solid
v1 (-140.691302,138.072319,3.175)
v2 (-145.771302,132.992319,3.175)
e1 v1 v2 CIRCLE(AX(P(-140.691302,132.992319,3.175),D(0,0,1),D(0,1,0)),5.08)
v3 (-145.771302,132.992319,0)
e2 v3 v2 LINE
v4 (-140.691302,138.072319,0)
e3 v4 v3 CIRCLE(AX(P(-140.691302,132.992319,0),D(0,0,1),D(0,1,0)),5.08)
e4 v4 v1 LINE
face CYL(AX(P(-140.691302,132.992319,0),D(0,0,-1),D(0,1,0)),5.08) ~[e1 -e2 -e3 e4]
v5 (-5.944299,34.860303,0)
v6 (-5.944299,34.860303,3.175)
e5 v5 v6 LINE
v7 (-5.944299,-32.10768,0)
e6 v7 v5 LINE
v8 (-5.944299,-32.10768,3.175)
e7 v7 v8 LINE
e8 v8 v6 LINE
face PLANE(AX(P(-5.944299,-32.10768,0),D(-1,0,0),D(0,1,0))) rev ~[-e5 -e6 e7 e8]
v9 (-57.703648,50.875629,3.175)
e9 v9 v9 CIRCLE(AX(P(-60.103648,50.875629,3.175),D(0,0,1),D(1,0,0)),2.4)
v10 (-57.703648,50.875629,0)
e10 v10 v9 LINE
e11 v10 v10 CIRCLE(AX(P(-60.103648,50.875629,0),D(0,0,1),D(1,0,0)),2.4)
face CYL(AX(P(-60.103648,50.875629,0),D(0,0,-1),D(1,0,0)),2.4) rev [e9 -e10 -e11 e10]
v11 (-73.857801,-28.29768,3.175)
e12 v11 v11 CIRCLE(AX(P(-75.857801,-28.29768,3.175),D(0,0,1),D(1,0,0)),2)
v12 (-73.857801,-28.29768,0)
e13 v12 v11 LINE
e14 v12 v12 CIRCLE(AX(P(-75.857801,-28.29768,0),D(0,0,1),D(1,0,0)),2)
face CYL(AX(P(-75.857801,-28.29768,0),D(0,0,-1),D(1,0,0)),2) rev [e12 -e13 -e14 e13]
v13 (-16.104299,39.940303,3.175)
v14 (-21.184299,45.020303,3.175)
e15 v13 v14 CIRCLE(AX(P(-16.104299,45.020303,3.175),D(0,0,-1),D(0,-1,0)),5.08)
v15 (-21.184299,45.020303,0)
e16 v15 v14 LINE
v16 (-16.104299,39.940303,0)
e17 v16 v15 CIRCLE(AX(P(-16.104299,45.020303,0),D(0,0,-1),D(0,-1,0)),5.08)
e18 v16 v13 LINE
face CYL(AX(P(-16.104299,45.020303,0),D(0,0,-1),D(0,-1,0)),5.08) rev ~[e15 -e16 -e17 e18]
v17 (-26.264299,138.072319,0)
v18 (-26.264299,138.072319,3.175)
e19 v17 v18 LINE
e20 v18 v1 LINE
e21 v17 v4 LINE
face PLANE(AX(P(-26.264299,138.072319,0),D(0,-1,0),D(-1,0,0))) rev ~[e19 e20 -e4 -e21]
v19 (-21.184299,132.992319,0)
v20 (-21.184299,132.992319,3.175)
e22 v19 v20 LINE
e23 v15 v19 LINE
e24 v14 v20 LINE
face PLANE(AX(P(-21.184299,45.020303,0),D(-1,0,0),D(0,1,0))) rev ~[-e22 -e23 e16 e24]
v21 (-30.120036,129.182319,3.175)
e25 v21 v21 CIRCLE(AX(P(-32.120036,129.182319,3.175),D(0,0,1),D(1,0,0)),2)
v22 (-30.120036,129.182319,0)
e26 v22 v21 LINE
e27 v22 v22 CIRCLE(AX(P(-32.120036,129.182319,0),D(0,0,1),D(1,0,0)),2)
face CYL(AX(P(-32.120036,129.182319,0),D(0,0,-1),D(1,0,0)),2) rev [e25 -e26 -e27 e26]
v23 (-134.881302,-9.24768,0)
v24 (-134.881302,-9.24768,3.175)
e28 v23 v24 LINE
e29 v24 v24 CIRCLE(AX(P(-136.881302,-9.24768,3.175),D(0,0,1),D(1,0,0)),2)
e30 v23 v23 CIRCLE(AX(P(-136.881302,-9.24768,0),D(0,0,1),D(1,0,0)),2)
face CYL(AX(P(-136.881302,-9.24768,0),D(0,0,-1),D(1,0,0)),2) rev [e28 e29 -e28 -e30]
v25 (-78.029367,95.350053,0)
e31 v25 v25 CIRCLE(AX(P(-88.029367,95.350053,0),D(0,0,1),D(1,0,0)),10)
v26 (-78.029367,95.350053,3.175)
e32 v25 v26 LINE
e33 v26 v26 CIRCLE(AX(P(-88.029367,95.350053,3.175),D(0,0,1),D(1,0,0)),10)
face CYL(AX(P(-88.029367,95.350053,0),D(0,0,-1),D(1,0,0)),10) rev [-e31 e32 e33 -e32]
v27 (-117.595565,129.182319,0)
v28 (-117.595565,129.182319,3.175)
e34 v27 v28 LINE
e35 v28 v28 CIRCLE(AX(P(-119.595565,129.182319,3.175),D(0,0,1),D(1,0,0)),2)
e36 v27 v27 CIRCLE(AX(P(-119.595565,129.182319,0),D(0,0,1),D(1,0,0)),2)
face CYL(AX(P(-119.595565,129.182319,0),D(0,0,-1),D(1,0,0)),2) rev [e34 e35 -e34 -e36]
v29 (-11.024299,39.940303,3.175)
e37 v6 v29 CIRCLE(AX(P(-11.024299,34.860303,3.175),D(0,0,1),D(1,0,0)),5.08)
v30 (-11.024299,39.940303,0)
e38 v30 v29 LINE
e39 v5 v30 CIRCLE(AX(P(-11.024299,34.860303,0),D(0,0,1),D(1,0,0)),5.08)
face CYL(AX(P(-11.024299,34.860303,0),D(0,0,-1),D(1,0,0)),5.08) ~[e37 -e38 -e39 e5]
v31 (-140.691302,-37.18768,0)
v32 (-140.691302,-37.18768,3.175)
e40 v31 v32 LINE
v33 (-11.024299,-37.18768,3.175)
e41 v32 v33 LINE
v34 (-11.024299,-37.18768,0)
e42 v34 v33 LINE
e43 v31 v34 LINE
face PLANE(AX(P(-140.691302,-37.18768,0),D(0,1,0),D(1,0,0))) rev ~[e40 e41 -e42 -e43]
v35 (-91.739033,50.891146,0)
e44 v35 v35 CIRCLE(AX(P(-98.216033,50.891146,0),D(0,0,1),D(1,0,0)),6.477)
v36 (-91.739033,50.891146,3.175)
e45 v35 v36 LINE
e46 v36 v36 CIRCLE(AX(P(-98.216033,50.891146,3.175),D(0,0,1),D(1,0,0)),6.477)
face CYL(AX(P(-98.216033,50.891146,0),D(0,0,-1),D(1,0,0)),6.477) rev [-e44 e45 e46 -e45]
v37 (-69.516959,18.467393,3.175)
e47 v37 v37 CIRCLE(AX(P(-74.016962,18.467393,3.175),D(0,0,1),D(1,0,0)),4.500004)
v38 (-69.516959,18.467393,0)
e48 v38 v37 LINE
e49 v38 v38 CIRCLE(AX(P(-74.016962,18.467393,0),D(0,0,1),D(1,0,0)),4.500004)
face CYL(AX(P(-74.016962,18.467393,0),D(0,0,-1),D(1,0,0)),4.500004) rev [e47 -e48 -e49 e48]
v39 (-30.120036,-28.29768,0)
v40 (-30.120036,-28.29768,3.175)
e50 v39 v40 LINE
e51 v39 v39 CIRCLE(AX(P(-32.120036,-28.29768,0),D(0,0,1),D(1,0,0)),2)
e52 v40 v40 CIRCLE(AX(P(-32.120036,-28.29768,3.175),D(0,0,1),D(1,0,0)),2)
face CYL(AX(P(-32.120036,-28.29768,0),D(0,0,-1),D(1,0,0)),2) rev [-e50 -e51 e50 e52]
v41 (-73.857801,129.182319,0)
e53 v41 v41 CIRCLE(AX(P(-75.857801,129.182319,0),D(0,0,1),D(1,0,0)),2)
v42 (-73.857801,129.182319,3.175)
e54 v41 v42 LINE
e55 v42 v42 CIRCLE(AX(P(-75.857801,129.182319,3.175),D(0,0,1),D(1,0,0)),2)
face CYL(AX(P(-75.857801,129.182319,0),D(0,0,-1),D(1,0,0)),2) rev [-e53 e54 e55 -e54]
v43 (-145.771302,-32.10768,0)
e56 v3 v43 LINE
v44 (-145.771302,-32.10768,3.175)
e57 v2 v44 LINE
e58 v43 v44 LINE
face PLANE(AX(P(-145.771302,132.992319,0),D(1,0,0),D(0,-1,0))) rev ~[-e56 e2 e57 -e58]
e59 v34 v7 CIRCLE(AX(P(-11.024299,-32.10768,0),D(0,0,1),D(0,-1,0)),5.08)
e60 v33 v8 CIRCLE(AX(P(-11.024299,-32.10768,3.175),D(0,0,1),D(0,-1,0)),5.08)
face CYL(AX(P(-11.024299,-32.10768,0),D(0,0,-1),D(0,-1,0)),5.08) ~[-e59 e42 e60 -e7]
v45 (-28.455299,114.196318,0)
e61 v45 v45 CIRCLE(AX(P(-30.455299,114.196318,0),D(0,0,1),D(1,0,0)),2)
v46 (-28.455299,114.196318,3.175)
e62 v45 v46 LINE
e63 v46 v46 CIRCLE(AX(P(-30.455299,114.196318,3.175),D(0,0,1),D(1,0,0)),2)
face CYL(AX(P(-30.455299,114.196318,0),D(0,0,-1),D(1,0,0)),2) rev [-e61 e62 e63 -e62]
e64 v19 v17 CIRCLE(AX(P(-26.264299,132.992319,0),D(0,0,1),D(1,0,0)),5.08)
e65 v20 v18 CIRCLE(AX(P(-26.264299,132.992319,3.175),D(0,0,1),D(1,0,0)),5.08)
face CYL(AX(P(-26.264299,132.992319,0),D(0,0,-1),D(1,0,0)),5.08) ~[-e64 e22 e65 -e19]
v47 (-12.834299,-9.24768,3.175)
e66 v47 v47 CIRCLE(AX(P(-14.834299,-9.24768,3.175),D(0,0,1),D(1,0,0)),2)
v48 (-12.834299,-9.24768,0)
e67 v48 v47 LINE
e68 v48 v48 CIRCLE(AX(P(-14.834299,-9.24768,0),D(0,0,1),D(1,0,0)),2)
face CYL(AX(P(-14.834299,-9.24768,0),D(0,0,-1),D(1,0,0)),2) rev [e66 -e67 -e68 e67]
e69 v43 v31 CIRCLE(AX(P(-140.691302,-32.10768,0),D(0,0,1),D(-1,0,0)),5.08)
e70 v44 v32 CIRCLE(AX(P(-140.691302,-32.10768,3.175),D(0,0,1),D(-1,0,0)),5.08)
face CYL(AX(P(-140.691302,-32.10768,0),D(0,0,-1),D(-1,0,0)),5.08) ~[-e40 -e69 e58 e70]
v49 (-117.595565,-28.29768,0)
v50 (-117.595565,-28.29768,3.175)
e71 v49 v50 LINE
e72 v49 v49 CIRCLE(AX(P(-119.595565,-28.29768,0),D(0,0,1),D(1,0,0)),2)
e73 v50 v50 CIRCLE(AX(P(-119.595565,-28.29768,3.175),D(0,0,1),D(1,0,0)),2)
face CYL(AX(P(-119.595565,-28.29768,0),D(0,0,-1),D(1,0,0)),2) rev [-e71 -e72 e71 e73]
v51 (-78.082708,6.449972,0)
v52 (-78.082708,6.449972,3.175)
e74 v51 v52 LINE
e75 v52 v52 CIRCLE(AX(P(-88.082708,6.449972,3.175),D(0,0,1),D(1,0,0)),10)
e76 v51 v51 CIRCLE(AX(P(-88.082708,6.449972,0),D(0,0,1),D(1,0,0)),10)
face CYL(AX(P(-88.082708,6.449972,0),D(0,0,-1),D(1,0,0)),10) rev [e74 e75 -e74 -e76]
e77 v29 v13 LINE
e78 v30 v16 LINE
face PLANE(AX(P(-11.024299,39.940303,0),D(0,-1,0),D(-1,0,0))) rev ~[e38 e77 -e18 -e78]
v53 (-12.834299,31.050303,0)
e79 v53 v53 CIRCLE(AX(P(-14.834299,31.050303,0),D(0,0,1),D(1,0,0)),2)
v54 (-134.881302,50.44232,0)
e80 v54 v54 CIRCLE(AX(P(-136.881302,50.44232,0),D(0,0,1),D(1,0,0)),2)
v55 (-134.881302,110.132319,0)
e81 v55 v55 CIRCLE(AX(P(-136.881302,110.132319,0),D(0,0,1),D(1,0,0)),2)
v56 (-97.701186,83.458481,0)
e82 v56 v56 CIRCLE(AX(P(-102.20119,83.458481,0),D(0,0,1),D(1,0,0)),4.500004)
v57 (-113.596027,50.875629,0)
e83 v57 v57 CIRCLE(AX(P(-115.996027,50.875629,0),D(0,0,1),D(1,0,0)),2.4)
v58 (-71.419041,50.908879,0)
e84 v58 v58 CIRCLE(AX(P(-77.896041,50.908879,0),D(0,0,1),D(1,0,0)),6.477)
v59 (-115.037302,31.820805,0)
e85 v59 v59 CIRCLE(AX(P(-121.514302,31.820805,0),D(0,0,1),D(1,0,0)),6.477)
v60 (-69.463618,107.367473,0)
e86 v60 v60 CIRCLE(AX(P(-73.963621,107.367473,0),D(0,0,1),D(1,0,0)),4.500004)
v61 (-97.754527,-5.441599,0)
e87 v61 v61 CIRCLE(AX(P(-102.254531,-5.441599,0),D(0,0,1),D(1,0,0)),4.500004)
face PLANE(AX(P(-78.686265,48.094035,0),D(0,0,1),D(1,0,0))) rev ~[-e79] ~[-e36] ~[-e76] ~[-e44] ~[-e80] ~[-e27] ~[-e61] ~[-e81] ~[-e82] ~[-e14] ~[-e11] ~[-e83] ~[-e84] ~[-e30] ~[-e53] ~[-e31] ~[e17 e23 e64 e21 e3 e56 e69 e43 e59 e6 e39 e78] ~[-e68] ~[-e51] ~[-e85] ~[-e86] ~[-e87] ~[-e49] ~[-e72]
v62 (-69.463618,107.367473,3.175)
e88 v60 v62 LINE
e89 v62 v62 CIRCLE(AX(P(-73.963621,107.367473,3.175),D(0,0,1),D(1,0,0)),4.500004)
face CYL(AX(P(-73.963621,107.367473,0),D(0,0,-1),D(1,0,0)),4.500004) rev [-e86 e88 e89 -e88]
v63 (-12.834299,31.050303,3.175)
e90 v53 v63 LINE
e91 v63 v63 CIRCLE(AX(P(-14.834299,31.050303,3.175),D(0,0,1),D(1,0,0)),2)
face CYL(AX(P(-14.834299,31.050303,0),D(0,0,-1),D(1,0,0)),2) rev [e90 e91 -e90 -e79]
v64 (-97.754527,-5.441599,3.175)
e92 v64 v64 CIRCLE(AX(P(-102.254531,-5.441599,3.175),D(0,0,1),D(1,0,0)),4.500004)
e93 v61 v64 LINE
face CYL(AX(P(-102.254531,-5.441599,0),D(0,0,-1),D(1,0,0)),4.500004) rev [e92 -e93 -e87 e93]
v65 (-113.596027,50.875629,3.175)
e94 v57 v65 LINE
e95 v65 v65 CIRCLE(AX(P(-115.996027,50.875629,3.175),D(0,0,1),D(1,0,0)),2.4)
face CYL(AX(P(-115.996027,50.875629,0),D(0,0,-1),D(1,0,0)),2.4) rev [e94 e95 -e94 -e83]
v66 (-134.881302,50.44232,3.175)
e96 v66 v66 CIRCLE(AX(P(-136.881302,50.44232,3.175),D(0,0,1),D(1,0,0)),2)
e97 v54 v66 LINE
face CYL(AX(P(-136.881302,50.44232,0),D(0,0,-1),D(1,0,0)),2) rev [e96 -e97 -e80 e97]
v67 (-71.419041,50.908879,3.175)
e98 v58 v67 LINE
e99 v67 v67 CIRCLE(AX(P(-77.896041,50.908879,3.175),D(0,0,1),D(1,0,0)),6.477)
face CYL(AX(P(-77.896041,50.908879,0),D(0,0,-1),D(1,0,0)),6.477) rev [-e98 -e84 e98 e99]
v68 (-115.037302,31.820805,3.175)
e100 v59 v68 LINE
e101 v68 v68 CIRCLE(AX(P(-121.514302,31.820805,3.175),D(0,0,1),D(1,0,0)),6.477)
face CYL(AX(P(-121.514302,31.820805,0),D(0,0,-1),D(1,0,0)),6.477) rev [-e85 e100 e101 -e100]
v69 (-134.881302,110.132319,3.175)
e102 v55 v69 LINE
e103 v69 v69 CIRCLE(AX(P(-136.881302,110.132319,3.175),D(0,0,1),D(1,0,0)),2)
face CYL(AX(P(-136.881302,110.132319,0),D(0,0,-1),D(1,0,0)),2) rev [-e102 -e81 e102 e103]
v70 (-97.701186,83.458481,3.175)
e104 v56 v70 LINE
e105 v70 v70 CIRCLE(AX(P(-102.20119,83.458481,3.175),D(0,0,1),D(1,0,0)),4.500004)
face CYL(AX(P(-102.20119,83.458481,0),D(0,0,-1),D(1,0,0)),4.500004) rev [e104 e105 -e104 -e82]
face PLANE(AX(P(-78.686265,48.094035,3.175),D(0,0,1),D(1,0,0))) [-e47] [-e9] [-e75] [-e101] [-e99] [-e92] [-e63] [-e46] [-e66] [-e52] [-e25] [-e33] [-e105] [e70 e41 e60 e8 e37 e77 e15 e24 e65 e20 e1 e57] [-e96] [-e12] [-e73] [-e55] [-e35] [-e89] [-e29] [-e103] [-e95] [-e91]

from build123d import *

# Parameters (mm, degrees)
SKETCH1_R           = 6.477
SKETCH1_R_2         = 2.4
SKETCH1_R_3         = 10
SKETCH1_R_4         = 4.5000037
SKETCH1_R_5         = 2
BOSS_EXTRUDE1_DEPTH = 3.175


with BuildPart() as part:
    # Sketch1 → Boss-Extrude1 (new body)
    with BuildSketch(Plane.XY):
        with BuildLine():
            Line((-11.024299403, 39.940302972), (-16.104299403, 39.940302972))
            ThreePointArc((-16.104299403, 39.940302972), (-19.696401851, 41.428200524), (-21.184299403, 45.020302972))
            Line((-21.184299403, 45.020302972), (-21.184299403, 132.992318995))
            ThreePointArc((-21.184299403, 132.992318995), (-22.672196955, 136.584421443), (-26.264299403, 138.072318995))
            Line((-26.264299403, 138.072318995), (-140.691302272, 138.072318995))
            ThreePointArc((-140.691302272, 138.072318995), (-144.28340472, 136.584421443), (-145.771302272, 132.992318995))
            Line((-145.771302272, 132.992318995), (-145.771302272, -32.107679937))
            ThreePointArc((-145.771302272, -32.107679937), (-144.28340472, -35.699782385), (-140.691302272, -37.187679937))
            Line((-140.691302272, -37.187679937), (-11.024299403, -37.187679937))
            ThreePointArc((-11.024299403, -37.187679937), (-7.432196955, -35.699782385), (-5.944299403, -32.107679937))
            Line((-5.944299403, -32.107679937), (-5.944299403, 34.860302972))
            ThreePointArc((-5.944299403, 34.860302972), (-7.432196955, 38.452405421), (-11.024299403, 39.940302972))
        make_face()
        with Locations((-98.216033467, 50.891145684)):
            Circle(SKETCH1_R, mode=Mode.SUBTRACT)
        with Locations((-77.896041206, 50.908879471)):
            Circle(SKETCH1_R, mode=Mode.SUBTRACT)
        with Locations((-60.103647977, 50.875628534)):
            Circle(SKETCH1_R_2, mode=Mode.SUBTRACT)
        with Locations((-115.996026696, 50.875628621)):
            Circle(SKETCH1_R_2, mode=Mode.SUBTRACT)
        with Locations((-121.514302272, 31.820805424)):
            Circle(SKETCH1_R, mode=Mode.SUBTRACT)
        with Locations((-88.029366762, 95.350052781)):
            Circle(SKETCH1_R_3, mode=Mode.SUBTRACT)
        with Locations((-102.201189802, 83.458481295)):
            Circle(SKETCH1_R_4, mode=Mode.SUBTRACT)
        with Locations((-73.96362125, 107.367473015)):
            Circle(SKETCH1_R_4, mode=Mode.SUBTRACT)
        with Locations((-88.082707911, 6.449972374)):
            Circle(SKETCH1_R_3, mode=Mode.SUBTRACT)
        with Locations((-102.254530951, -5.441599113)):
            Circle(SKETCH1_R_4, mode=Mode.SUBTRACT)
        with Locations((-74.016962399, 18.467392607)):
            Circle(SKETCH1_R_4, mode=Mode.SUBTRACT)
        with Locations((-119.595565206, 129.182318995)):
            Circle(SKETCH1_R_5, mode=Mode.SUBTRACT)
        with Locations((-75.857800837, 129.182318995)):
            Circle(SKETCH1_R_5, mode=Mode.SUBTRACT)
        with Locations((-32.120036469, 129.182318995)):
            Circle(SKETCH1_R_5, mode=Mode.SUBTRACT)
        with Locations((-136.881302272, 110.132318995)):
            Circle(SKETCH1_R_5, mode=Mode.SUBTRACT)
        with Locations((-30.45529861, 114.196317591)):
            Circle(SKETCH1_R_5, mode=Mode.SUBTRACT)
        with Locations((-136.881302272, 50.442319529)):
            Circle(SKETCH1_R_5, mode=Mode.SUBTRACT)
        with Locations((-136.881302272, -9.247679937)):
            Circle(SKETCH1_R_5, mode=Mode.SUBTRACT)
        with Locations((-119.595565206, -28.297679937)):
            Circle(SKETCH1_R_5, mode=Mode.SUBTRACT)
        with Locations((-75.857800837, -28.297679937)):
            Circle(SKETCH1_R_5, mode=Mode.SUBTRACT)
        with Locations((-32.120036469, -28.297679937)):
            Circle(SKETCH1_R_5, mode=Mode.SUBTRACT)
        with Locations((-14.834299403, -9.247679937)):
            Circle(SKETCH1_R_5, mode=Mode.SUBTRACT)
        with Locations((-14.834299403, 31.050302972)):
            Circle(SKETCH1_R_5, mode=Mode.SUBTRACT)
    extrude(amount=BOSS_EXTRUDE1_DEPTH)


solid = part.part
